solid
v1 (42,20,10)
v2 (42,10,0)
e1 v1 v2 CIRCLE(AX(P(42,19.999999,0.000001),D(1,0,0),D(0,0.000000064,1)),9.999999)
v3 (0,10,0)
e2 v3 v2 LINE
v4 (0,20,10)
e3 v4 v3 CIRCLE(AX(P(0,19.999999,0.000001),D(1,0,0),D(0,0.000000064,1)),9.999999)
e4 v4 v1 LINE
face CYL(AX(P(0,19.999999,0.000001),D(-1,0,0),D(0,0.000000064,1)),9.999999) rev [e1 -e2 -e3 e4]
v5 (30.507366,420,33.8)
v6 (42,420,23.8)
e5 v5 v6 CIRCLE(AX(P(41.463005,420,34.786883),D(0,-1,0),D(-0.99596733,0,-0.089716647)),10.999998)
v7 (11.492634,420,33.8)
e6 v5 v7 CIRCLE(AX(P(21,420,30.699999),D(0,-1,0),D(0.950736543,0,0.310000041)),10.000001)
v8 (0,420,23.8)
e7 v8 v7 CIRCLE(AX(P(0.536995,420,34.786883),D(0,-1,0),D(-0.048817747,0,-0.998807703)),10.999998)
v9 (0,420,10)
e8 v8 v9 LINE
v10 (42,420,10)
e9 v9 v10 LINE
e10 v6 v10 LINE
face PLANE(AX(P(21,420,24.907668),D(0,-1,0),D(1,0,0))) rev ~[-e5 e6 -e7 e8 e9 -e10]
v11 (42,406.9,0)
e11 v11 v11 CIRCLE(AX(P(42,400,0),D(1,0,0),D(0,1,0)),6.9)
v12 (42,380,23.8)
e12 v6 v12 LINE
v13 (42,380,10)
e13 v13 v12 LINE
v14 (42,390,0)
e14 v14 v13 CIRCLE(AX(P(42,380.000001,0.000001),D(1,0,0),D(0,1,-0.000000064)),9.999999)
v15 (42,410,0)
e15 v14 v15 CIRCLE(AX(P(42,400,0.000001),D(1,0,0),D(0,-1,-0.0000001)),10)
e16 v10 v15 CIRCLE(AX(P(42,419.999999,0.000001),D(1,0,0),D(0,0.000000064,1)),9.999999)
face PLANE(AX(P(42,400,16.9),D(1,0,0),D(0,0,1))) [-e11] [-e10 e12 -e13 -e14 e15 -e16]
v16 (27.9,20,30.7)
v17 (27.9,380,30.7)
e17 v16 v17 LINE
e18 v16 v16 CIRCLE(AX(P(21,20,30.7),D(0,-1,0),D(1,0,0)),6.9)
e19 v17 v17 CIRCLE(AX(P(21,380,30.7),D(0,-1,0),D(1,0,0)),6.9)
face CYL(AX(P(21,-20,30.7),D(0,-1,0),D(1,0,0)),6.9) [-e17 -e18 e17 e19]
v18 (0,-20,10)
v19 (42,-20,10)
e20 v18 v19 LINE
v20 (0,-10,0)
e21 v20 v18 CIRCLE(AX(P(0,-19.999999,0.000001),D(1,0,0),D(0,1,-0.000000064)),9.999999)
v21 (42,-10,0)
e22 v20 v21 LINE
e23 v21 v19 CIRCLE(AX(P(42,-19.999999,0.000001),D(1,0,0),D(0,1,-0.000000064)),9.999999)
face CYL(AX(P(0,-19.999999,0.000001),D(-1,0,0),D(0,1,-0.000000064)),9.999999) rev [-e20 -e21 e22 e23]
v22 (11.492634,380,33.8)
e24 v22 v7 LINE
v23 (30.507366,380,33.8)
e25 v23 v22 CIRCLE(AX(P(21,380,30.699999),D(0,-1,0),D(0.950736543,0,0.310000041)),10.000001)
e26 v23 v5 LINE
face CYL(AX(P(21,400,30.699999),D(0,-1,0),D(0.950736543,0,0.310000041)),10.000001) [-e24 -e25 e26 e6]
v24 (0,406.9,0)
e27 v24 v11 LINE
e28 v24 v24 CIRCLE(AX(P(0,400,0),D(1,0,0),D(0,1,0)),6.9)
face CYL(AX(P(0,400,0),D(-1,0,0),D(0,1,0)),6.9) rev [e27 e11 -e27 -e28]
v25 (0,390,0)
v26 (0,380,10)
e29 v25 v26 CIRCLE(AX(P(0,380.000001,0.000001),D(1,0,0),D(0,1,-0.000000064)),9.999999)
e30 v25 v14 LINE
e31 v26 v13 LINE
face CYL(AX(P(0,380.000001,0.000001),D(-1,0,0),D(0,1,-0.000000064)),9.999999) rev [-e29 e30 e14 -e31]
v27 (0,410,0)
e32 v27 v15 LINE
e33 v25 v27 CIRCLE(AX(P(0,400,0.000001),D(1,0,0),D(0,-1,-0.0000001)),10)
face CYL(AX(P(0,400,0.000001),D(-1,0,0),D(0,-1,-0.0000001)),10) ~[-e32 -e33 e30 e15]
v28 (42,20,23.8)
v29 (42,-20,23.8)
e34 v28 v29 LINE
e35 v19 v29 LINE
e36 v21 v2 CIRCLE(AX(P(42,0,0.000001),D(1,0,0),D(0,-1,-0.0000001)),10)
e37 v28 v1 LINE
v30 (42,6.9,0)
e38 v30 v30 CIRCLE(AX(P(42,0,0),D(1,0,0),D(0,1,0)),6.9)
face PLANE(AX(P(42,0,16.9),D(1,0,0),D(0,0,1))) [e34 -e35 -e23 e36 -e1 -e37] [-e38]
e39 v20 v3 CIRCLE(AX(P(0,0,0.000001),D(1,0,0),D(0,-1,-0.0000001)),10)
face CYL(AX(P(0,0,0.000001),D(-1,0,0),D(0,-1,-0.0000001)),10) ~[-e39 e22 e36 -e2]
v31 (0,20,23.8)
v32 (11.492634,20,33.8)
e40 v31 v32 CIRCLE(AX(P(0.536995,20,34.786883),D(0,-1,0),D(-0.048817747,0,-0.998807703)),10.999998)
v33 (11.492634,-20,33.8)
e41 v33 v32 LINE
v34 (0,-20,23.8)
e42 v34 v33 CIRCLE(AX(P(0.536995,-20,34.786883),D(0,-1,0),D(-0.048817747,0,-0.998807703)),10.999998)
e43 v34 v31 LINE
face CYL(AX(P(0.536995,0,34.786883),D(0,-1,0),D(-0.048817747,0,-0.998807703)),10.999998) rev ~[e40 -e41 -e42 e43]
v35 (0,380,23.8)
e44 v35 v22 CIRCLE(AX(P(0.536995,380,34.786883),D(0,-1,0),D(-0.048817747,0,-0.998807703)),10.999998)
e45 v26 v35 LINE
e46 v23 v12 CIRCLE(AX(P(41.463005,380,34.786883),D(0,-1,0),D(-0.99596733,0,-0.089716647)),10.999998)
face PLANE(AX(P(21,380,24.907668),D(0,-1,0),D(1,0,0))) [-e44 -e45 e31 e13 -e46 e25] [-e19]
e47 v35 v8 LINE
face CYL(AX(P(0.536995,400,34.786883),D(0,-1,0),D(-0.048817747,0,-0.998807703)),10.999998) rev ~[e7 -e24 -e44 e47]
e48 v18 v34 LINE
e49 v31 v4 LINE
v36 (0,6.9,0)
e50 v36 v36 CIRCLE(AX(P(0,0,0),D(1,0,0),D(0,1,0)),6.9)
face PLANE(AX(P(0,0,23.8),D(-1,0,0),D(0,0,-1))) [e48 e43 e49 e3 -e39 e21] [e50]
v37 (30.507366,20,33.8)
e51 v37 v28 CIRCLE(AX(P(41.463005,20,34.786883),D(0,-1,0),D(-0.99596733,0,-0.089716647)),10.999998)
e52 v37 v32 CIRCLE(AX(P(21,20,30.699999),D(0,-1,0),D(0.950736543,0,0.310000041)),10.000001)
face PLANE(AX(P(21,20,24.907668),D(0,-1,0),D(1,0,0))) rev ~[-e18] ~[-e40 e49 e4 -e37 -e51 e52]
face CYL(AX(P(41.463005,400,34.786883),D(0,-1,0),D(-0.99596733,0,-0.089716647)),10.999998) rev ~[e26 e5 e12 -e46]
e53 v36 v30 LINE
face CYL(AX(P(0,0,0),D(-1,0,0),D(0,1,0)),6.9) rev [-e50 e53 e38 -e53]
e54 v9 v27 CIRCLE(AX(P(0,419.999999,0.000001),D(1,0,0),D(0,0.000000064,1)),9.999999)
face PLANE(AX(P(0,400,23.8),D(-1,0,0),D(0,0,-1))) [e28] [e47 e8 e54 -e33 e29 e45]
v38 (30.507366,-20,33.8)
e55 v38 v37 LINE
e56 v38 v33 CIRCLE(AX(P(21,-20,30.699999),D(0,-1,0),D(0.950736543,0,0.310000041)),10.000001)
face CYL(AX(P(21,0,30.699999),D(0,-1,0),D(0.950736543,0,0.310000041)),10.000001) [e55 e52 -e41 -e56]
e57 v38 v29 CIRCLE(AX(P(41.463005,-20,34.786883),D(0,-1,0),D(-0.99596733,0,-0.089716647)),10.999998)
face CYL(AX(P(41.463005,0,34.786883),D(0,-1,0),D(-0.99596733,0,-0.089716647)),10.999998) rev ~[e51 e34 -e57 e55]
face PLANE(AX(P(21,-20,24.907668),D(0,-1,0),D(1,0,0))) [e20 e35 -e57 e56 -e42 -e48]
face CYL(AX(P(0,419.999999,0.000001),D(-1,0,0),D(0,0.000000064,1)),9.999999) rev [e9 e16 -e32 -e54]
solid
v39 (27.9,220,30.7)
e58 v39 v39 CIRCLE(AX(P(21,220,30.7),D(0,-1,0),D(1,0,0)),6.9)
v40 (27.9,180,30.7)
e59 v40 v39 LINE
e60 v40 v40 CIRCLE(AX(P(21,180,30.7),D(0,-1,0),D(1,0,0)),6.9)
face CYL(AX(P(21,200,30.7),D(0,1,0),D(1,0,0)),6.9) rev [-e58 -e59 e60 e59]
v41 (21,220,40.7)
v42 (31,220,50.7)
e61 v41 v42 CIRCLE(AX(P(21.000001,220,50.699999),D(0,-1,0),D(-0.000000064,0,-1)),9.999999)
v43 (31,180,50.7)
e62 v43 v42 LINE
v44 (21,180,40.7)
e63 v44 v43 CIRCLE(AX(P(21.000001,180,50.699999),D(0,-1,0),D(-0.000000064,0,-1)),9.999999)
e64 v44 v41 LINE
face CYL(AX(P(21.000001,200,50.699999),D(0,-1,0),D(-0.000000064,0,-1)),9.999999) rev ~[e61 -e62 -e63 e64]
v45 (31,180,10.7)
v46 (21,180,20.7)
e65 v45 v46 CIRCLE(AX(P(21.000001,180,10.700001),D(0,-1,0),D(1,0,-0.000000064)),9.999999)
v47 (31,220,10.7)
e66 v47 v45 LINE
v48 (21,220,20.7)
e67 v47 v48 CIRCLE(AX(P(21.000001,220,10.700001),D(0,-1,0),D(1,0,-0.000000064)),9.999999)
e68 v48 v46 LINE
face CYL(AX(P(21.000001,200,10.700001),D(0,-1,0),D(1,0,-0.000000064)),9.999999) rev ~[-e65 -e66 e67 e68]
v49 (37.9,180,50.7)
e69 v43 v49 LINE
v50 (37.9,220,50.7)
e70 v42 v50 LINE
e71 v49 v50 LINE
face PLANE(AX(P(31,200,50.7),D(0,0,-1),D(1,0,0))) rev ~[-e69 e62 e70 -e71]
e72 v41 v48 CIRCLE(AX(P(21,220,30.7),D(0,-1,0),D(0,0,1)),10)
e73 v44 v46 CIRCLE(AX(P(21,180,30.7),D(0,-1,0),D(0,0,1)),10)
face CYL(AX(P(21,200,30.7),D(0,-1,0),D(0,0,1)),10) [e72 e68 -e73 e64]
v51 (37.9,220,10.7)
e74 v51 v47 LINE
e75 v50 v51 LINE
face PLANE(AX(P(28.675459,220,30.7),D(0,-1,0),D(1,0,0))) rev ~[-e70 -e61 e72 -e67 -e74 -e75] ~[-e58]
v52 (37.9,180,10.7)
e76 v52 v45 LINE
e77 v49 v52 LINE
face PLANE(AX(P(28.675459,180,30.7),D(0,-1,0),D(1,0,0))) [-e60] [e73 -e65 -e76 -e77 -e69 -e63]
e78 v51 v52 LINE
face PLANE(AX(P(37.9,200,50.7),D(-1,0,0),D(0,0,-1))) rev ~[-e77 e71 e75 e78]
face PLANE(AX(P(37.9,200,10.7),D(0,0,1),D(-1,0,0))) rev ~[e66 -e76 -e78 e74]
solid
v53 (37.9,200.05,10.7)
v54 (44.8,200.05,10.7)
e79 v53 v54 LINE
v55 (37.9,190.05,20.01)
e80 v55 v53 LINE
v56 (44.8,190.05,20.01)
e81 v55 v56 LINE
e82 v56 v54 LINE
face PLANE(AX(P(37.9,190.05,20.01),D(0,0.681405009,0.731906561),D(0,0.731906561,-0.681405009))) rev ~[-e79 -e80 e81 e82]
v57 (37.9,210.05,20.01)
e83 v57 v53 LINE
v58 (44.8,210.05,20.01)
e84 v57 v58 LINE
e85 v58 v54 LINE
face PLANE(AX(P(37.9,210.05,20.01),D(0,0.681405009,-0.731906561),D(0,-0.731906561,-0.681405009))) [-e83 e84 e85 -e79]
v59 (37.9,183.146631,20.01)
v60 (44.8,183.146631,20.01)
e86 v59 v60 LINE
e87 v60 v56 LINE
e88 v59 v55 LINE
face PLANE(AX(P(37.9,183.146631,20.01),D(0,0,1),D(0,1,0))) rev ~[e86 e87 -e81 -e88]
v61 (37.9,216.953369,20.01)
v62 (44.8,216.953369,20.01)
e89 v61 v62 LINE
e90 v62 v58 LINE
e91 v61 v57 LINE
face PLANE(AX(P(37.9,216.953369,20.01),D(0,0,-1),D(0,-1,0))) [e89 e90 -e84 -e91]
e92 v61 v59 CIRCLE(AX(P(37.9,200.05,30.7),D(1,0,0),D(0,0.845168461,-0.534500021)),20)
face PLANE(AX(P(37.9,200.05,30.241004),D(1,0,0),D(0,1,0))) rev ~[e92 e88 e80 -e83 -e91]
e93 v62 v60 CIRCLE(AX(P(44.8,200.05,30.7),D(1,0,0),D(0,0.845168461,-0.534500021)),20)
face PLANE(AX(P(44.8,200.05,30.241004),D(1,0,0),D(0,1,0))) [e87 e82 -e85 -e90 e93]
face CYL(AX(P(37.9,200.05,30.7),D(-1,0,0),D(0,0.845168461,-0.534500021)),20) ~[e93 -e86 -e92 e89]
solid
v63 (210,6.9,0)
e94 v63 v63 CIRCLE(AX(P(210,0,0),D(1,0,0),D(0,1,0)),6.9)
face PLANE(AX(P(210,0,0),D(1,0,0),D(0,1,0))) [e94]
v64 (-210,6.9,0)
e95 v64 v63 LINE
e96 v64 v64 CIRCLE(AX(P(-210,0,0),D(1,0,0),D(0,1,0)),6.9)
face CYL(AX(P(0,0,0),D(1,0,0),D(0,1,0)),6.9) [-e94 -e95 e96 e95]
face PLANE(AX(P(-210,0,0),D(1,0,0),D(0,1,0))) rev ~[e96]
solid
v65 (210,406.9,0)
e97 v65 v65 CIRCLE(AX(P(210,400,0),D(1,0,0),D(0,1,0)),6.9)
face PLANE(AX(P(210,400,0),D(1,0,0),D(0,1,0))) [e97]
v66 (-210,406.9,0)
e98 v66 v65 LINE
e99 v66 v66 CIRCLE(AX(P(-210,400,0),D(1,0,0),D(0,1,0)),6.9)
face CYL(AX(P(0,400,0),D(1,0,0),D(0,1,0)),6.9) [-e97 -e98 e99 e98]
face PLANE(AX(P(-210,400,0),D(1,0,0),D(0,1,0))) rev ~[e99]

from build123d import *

# Parameters (mm, degrees)
SKETCH_R     = 6.9
PAD_DEPTH    = 210
SKETCH013_R  = 6.9
PAD003_DEPTH = 210
SKETCH017_R  = 6.9
PAD007_DEPTH = 20
PAD008_DEPTH = 6.9
SKETCH011_R  = 6.9
PAD001_DEPTH = 42
SKETCH012_R  = 6.9
PAD002_DEPTH = 42
SKETCH014_R  = 6.9
PAD004_DEPTH = 20
SKETCH015_R  = 6.9
PAD005_DEPTH = 20
SKETCH016_R  = 6.9
PAD006_DEPTH = 440


with BuildPart() as x_axis_rail1:
    # Sketch → Pad (new body, symmetric)
    with BuildSketch(Plane.YZ):
        Circle(SKETCH_R)
    extrude(amount=PAD_DEPTH, both=True)


with BuildPart() as x_axis_rail2:
    # Sketch013 → Pad003 (new body, symmetric)
    with BuildSketch(Plane(origin=(0, 400, 0), x_dir=(0, 1, 0), z_dir=(1, 0, 0))):
        Circle(SKETCH013_R)
    extrude(amount=PAD003_DEPTH, both=True)


with BuildPart() as y_axis_sled:
    # Sketch017 → Pad007 (new body, symmetric)
    with BuildSketch(Plane.XZ.offset(-200)):
        with BuildLine():
            ThreePointArc((21, 40.7), (11, 30.7), (21, 20.7))
            ThreePointArc((31, 10.7), (28.071068, 17.771068), (21, 20.7))
            Line((37.9, 10.7), (31, 10.7))
            Line((37.9, 50.7), (37.9, 10.7))
            Line((31, 50.7), (37.9, 50.7))
            ThreePointArc((21, 40.7), (28.071068, 43.628932), (31, 50.7))
        make_face()
        with Locations((21, 30.7)):
            Circle(SKETCH017_R, mode=Mode.SUBTRACT)
    extrude(amount=PAD007_DEPTH, both=True)


with BuildPart() as a_axis:
    # Sketch018 → Pad008 (new body)
    with BuildSketch(Plane.YZ.offset(37.9)):
        with BuildLine():
            ThreePointArc((216.953369, 20.01), (200.05, 50.7), (183.146631, 20.01))
            Line((183.146631, 20.01), (190.05, 20.01))
            Line((190.05, 20.01), (200.05, 10.7))
            Line((210.05, 20.01), (200.05, 10.7))
            Line((216.953369, 20.01), (210.05, 20.01))
        make_face()
    extrude(amount=PAD008_DEPTH)


with BuildPart() as x_axis_sled1:
    # Sketch011 → Pad001 (new body)
    with BuildSketch(Plane.YZ):
        with BuildLine():
            Line((-20, 16.9), (20, 16.9))
            Line((20, 16.9), (20, 10))
            ThreePointArc((20, 10), (12.928932, 7.071068), (10, 0))
            ThreePointArc((-10, 0), (0, -9.999999), (10, 0))
            ThreePointArc((-10, 0), (-12.928932, 7.071068), (-20, 10))
            Line((-20, 10), (-20, 16.9))
        make_face()
        Circle(SKETCH011_R, mode=Mode.SUBTRACT)
    extrude(amount=PAD001_DEPTH)


with BuildPart() as x_axis_sled2:
    # Sketch012 → Pad002 (new body)
    with BuildSketch(Plane(origin=(0, 400, 0), x_dir=(0, 1, 0), z_dir=(1, 0, 0))):
        with BuildLine():
            Line((-20, 16.9), (20, 16.9))
            Line((20, 16.9), (20, 10))
            ThreePointArc((20, 10), (12.928932, 7.071068), (10, 0))
            ThreePointArc((-10, 0), (0, -9.999999), (10, 0))
            ThreePointArc((-10, 0), (-12.928932, 7.071068), (-20, 10))
            Line((-20, 10), (-20, 16.9))
        make_face()
        Circle(SKETCH012_R, mode=Mode.SUBTRACT)
    extrude(amount=PAD002_DEPTH)


with BuildPart() as y_axis_socket1:
    # Sketch014 → Pad004 (new body, symmetric)
    with BuildSketch(Plane.XZ):
        with BuildLine():
            Line((0, 23.8), (0, 16.9))
            Line((0, 16.9), (42, 16.9))
            Line((42, 16.9), (42, 23.8))
            ThreePointArc((30.507366, 33.8), (34.242407, 26.488514), (42, 23.8))
            ThreePointArc((30.507366, 33.8), (21, 40.7), (11.492634, 33.8))
            ThreePointArc((0, 23.8), (7.757593, 26.488514), (11.492634, 33.8))
        make_face()
        with Locations((21, 30.7)):
            Circle(SKETCH014_R, mode=Mode.SUBTRACT)
    extrude(amount=PAD004_DEPTH, both=True)


with BuildPart() as y_axis_socket2:
    # Sketch015 → Pad005 (new body, symmetric)
    with BuildSketch(Plane.XZ.offset(-400)):
        with BuildLine():
            Line((0, 23.8), (0, 16.9))
            Line((0, 16.9), (42, 16.9))
            Line((42, 16.9), (42, 23.8))
            ThreePointArc((30.507366, 33.8), (34.242407, 26.488514), (42, 23.8))
            ThreePointArc((30.507366, 33.8), (21, 40.7), (11.492634, 33.8))
            ThreePointArc((0, 23.8), (7.757593, 26.488514), (11.492634, 33.8))
        make_face()
        with Locations((21, 30.7)):
            Circle(SKETCH015_R, mode=Mode.SUBTRACT)
    extrude(amount=PAD005_DEPTH, both=True)


with BuildPart() as y_rail:
    # Sketch016 → Pad006 (new body)
    with BuildSketch(Plane.XZ.offset(20)):
        with Locations((21, 30.7)):
            Circle(SKETCH016_R)
    extrude(amount=-PAD006_DEPTH)

    # Fusion: union X_Axis_Sled1, X_Axis_Sled2, Y_Axis_Socket1, Y_Axis_Socket2
    add(x_axis_sled1.part)
    add(x_axis_sled2.part)
    add(y_axis_socket1.part)
    add(y_axis_socket2.part)


solid = Compound([x_axis_rail1.part, x_axis_rail2.part, y_axis_sled.part, a_axis.part, y_rail.part])
